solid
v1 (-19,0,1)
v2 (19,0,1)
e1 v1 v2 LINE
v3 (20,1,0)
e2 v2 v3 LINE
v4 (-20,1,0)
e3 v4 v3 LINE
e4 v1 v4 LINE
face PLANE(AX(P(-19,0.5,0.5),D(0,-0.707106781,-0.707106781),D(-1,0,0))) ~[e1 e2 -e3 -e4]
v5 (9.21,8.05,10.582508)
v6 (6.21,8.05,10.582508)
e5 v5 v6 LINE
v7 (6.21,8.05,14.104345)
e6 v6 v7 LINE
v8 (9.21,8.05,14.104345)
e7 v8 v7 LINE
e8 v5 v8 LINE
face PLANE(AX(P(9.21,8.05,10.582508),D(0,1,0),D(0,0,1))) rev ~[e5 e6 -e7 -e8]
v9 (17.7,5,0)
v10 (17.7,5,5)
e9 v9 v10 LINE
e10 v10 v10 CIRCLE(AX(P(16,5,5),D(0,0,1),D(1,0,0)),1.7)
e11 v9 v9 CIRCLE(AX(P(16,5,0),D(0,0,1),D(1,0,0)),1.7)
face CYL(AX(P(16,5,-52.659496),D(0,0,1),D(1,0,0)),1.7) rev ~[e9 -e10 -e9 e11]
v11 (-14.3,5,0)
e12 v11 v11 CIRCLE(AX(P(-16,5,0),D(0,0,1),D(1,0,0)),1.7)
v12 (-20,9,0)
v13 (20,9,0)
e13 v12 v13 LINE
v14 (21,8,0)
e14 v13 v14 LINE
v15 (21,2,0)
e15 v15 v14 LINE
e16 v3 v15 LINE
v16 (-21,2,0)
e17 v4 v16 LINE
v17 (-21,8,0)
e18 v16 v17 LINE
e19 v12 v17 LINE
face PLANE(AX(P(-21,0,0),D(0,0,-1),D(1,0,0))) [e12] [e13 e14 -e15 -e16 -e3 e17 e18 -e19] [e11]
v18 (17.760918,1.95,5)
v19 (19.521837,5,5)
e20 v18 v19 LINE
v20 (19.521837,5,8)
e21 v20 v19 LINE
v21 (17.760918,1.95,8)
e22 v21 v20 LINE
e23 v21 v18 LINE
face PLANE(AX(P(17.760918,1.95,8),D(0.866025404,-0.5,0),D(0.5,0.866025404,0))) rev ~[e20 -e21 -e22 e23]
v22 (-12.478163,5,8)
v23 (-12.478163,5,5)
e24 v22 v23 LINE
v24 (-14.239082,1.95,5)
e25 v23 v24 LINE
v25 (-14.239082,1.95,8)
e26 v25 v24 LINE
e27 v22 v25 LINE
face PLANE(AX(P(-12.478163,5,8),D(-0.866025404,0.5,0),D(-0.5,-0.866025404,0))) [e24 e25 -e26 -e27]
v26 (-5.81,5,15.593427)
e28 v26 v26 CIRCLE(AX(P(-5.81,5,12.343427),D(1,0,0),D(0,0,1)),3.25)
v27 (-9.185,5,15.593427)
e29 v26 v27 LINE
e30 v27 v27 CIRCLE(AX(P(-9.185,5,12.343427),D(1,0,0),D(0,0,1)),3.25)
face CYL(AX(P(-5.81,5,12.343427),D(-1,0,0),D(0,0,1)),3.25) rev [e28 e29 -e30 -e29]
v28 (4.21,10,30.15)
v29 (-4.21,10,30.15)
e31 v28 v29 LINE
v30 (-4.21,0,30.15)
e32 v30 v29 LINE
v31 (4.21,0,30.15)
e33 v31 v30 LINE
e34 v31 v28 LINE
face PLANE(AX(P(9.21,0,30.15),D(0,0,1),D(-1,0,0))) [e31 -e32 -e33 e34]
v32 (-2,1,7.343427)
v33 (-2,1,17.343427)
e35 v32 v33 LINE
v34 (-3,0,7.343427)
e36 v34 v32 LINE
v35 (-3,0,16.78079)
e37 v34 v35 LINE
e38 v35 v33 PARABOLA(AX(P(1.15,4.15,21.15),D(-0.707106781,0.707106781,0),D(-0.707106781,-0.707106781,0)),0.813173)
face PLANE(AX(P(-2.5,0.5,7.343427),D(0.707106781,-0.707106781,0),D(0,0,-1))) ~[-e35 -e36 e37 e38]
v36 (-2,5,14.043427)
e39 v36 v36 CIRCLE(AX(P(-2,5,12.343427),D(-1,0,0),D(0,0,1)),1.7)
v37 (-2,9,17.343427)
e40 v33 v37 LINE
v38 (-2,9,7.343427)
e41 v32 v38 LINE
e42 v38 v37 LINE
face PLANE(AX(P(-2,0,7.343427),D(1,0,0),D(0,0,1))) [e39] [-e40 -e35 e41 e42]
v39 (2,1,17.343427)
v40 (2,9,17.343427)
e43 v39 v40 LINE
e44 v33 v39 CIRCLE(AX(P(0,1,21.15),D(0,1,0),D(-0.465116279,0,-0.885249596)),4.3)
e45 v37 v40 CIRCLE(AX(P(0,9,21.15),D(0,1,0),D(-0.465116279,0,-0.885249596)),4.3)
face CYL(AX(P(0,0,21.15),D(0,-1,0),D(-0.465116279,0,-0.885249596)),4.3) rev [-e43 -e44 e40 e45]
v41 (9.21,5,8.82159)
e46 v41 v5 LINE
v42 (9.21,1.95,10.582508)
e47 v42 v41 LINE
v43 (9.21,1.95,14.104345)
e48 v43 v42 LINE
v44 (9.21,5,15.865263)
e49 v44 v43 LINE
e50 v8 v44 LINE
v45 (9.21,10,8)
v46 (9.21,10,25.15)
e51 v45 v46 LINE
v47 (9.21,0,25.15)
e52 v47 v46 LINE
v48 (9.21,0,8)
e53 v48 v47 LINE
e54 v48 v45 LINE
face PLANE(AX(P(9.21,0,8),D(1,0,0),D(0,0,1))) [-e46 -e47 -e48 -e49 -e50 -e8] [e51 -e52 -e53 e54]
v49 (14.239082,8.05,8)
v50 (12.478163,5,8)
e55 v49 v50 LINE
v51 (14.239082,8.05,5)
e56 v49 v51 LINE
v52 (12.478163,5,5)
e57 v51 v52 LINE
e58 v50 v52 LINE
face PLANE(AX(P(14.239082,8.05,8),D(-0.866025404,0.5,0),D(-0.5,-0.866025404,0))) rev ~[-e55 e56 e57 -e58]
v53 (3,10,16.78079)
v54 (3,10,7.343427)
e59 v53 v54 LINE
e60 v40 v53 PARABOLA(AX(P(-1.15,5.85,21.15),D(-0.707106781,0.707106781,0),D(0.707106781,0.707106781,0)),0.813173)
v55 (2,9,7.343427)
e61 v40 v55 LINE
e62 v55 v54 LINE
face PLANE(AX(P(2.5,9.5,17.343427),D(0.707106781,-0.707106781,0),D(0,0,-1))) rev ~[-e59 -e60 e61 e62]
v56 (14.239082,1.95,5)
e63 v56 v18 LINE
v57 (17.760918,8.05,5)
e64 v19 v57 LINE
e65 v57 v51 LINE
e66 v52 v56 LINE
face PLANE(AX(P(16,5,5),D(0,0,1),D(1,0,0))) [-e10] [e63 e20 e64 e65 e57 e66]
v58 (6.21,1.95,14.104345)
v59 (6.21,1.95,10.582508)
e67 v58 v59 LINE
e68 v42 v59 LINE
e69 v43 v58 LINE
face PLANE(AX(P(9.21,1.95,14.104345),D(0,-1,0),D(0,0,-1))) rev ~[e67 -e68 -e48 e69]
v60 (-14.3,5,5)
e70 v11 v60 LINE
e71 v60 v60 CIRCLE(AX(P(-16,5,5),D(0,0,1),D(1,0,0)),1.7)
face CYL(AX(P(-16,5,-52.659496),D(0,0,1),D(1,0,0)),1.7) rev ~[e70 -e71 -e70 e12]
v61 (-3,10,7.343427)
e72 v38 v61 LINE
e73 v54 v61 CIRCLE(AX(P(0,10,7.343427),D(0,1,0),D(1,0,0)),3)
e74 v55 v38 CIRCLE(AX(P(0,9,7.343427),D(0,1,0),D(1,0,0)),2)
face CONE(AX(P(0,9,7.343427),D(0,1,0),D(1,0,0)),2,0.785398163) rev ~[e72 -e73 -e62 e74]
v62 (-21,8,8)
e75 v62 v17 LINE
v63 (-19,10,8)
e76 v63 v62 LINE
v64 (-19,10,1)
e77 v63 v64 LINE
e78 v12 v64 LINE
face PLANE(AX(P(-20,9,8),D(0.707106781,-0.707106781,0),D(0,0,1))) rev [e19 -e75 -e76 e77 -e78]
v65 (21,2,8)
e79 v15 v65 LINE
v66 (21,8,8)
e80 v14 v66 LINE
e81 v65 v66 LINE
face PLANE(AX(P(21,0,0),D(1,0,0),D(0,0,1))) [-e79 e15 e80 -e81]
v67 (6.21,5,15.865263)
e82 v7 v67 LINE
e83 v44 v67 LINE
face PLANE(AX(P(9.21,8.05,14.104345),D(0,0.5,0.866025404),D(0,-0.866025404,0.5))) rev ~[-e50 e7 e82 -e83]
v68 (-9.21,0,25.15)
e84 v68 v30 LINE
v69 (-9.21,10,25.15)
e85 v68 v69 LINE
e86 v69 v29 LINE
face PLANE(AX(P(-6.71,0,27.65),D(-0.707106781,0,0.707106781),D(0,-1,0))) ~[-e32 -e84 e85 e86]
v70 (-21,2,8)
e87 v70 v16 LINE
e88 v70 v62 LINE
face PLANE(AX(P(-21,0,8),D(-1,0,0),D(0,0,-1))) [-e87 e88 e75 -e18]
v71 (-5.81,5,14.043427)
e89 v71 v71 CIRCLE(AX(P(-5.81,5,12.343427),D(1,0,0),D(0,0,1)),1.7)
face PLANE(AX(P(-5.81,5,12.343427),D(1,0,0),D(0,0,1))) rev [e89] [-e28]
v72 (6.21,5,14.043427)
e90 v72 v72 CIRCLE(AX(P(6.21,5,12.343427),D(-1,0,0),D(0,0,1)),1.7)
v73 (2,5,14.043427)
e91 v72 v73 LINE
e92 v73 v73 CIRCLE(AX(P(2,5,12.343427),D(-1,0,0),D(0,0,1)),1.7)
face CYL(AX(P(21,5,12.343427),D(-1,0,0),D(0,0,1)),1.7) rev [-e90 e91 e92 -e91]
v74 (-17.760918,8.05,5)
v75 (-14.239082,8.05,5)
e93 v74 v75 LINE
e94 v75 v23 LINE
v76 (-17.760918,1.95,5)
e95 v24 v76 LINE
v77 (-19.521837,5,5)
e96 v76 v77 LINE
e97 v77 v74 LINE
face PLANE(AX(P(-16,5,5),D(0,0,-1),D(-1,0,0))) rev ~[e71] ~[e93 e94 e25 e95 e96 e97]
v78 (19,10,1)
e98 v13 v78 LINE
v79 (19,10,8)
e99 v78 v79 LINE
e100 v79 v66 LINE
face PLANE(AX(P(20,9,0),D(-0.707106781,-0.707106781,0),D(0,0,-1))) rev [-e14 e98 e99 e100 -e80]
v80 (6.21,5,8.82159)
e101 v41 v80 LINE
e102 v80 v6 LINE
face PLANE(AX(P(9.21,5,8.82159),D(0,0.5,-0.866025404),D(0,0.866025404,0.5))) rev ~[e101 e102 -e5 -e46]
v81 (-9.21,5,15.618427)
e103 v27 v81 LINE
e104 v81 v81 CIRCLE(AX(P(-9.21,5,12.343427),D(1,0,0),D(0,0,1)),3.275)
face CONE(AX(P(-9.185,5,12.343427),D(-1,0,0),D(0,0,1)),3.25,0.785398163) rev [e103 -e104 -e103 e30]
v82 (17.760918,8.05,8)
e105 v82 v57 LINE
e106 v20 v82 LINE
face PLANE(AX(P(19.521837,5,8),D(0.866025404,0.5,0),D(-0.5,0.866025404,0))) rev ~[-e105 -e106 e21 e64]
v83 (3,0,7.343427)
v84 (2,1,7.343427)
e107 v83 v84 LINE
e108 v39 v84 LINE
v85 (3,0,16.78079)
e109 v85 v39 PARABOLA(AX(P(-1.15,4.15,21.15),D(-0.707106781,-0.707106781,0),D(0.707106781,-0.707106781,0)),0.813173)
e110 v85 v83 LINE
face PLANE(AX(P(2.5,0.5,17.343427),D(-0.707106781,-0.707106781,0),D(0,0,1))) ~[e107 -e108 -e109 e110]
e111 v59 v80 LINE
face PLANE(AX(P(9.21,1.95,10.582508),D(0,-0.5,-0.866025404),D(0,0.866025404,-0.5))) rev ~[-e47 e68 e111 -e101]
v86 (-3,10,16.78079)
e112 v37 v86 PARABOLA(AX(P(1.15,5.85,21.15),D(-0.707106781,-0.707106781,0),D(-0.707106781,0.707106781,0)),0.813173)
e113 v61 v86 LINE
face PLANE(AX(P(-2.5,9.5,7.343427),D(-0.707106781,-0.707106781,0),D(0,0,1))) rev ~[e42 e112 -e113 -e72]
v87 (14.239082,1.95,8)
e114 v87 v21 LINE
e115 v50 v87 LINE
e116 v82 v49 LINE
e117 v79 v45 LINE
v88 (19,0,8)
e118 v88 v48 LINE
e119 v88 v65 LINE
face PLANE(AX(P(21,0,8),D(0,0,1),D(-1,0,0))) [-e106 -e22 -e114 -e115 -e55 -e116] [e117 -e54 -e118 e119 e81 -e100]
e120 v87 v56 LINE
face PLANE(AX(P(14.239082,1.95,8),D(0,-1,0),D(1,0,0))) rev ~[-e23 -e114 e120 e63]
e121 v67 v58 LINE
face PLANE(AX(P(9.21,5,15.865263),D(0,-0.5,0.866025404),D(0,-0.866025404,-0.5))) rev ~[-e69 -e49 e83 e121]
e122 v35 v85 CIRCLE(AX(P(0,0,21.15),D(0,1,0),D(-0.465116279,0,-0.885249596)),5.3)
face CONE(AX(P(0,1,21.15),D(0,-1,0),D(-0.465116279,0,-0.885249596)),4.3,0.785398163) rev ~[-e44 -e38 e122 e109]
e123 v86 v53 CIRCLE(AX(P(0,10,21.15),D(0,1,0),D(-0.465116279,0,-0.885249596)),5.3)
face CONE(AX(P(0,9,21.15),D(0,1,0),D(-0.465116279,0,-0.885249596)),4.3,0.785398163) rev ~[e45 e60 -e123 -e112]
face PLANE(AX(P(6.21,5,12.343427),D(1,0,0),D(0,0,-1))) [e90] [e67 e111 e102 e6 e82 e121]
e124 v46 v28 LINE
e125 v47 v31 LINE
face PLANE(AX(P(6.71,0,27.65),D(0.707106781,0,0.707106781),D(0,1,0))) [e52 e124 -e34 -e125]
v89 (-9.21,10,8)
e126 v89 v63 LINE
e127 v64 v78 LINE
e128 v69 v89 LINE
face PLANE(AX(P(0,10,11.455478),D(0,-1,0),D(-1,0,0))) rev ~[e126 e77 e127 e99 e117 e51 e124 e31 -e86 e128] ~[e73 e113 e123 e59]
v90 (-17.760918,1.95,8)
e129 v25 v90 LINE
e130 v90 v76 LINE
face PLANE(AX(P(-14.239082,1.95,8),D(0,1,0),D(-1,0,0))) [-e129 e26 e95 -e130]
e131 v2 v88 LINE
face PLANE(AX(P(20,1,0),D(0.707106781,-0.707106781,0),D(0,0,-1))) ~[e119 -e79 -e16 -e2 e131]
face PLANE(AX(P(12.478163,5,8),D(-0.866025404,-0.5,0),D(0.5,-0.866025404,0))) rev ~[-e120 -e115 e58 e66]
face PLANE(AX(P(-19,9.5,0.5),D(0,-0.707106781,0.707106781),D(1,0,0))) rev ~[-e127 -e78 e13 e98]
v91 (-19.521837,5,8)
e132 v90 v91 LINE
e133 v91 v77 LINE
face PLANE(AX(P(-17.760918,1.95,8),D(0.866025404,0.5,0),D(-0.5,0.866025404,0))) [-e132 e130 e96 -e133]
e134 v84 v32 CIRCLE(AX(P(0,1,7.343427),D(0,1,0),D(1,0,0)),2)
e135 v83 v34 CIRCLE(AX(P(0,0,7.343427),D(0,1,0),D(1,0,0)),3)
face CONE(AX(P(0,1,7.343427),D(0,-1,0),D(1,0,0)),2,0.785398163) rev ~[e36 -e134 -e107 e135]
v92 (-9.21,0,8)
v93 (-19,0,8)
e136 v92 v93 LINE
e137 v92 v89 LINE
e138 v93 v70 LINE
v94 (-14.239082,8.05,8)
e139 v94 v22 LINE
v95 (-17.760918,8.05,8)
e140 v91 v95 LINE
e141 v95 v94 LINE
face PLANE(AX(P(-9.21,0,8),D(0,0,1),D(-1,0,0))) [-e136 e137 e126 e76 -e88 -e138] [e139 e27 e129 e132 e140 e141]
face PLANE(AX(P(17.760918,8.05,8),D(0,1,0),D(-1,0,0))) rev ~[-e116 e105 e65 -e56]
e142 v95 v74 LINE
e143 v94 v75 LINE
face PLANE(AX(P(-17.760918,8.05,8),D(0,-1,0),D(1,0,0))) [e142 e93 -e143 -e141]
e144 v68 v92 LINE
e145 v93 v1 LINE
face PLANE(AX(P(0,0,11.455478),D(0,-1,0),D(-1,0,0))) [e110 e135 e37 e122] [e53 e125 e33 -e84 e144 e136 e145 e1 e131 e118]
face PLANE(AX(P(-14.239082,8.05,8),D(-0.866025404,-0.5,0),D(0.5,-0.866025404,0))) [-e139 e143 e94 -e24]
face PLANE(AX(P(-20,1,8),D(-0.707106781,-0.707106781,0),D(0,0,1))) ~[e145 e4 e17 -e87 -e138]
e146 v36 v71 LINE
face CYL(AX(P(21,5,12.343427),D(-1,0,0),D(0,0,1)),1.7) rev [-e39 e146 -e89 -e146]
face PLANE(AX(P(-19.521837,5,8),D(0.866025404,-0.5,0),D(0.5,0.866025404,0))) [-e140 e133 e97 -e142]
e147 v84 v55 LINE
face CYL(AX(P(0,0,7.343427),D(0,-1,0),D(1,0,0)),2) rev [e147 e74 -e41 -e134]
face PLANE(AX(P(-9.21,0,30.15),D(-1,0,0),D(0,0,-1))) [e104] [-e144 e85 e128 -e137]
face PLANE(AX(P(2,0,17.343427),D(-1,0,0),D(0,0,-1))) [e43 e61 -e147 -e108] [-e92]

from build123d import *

# Parameters (mm, degrees)
BOSS_EXTRUDE1_DEPTH  = 10
CHAMFER1_SIZE        = 5
CHAMFER2_SIZE        = 2
CHAMFER3_SIZE        = 1
CUT_EXTRUDE1_DEPTH   = 3
M3_CLEARANCE_HOLE1_D = 3.4
CUT_EXTRUDE2_DEPTH   = 3


with BuildPart() as part:
    # Sketch1 → Boss-Extrude1 (new body)
    with BuildSketch(Plane(origin=(0, 0, 0), x_dir=(1, 0, 0), z_dir=(0, 1, 0))):
        Polygon((-21, 0), (21, 0), (21, -8), (9.21, -8), (9.21, -30.15), (-9.21, -30.15), (-9.21, -8), (-21, -8), align=None)
        with BuildLine():
            Line((-2, -7.343426738), (-2, -17.343426738))
            ThreePointArc((-2, -17.343426738), (0, -25.45), (2, -17.343426738))
            Line((2, -17.343426738), (2, -7.343426738))
            ThreePointArc((2, -7.343426738), (0, -5.343426738), (-2, -7.343426738))
        make_face(mode=Mode.SUBTRACT)
    extrude(amount=BOSS_EXTRUDE1_DEPTH)

    # Chamfer1
    chamfer1_edges = [part.edges().sort_by_distance(p)[0] for p in [
        (9.21, 5, 30.15),
        (-9.21, 5, 30.15),
    ]]
    chamfer(chamfer1_edges, length=CHAMFER1_SIZE)

    # Chamfer2
    chamfer2_edges = [part.edges().sort_by_distance(p)[0] for p in [
        (-21, 0, 4),
        (21, 10, 4),
        (-21, 10, 4),
        (21, 0, 4),
    ]]
    chamfer(chamfer2_edges, length=CHAMFER2_SIZE)

    # Chamfer3
    chamfer3_edges = [part.edges().sort_by_distance(p)[0] for p in [
        (0, 0, 5.343426738),
        (-2, 0, 12.343426738),
        (0, 0, 25.45),
        (2, 0, 12.343426738),
        (0, 10, 5.343426738),
        (-2, 10, 12.343426738),
        (0, 10, 25.45),
        (2, 10, 12.343426738),
        (0, 0, 0),
        (0, 10, 0),
    ]]
    chamfer(chamfer3_edges, length=CHAMFER3_SIZE)

    # Sketch2 → Cut-Extrude1 (cut)
    with BuildSketch(Plane(origin=(9.21, 0, 0), x_dir=(0, 0, -1), z_dir=(1, 0, 0))):
        Polygon((-10.582508417, 1.95), (-8.821590096, 5), (-10.582508417, 8.05), (-14.104345059, 8.05), (-15.86526338, 5), (-14.104345059, 1.95), align=None)
    extrude(amount=-CUT_EXTRUDE1_DEPTH, mode=Mode.SUBTRACT)

    # Sketch6 → CBORE for M3 Hex Socket Head Cap Screw1 (revolve, cut)
    with BuildSketch(Plane(origin=(-9.21, 5, 12.343426738), x_dir=(0, 0, 1), z_dir=(0, 1, 0))):
        Polygon((0, 0), (0, 30.21), (1.7, 30.21), (1.7, 3.4), (3.25, 3.4), (3.25, 0.025), (3.275, 0), align=None)
    revolve(axis=Axis((-15.56, 5, 12.343426738), (1, 0, 0)), mode=Mode.SUBTRACT)

    # M3 Clearance Hole1 (through all)
    with Locations(Plane(origin=(0, 0, 0), x_dir=(-1, 0, 0), z_dir=(0, 0, -1))):
        with Locations((16, 5), (-16, 5)):
            Hole(M3_CLEARANCE_HOLE1_D / 2)

    # Sketch9 → Cut-Extrude2 (cut)
    with BuildSketch(Plane(origin=(0, 0, 8), x_dir=(-1, 0, 0), z_dir=(0, 0, -1))):
        Polygon((17.760918321, 1.95), (19.521836642, 5), (17.760918321, 8.05), (14.239081679, 8.05), (12.478163358, 5), (14.239081679, 1.95), align=None)
        Polygon((-14.239081679, 1.95), (-17.760918321, 1.95), (-19.521836642, 5), (-17.760918321, 8.05), (-14.239081679, 8.05), (-12.478163358, 5), align=None)
    extrude(amount=CUT_EXTRUDE2_DEPTH, mode=Mode.SUBTRACT)


solid = part.part
